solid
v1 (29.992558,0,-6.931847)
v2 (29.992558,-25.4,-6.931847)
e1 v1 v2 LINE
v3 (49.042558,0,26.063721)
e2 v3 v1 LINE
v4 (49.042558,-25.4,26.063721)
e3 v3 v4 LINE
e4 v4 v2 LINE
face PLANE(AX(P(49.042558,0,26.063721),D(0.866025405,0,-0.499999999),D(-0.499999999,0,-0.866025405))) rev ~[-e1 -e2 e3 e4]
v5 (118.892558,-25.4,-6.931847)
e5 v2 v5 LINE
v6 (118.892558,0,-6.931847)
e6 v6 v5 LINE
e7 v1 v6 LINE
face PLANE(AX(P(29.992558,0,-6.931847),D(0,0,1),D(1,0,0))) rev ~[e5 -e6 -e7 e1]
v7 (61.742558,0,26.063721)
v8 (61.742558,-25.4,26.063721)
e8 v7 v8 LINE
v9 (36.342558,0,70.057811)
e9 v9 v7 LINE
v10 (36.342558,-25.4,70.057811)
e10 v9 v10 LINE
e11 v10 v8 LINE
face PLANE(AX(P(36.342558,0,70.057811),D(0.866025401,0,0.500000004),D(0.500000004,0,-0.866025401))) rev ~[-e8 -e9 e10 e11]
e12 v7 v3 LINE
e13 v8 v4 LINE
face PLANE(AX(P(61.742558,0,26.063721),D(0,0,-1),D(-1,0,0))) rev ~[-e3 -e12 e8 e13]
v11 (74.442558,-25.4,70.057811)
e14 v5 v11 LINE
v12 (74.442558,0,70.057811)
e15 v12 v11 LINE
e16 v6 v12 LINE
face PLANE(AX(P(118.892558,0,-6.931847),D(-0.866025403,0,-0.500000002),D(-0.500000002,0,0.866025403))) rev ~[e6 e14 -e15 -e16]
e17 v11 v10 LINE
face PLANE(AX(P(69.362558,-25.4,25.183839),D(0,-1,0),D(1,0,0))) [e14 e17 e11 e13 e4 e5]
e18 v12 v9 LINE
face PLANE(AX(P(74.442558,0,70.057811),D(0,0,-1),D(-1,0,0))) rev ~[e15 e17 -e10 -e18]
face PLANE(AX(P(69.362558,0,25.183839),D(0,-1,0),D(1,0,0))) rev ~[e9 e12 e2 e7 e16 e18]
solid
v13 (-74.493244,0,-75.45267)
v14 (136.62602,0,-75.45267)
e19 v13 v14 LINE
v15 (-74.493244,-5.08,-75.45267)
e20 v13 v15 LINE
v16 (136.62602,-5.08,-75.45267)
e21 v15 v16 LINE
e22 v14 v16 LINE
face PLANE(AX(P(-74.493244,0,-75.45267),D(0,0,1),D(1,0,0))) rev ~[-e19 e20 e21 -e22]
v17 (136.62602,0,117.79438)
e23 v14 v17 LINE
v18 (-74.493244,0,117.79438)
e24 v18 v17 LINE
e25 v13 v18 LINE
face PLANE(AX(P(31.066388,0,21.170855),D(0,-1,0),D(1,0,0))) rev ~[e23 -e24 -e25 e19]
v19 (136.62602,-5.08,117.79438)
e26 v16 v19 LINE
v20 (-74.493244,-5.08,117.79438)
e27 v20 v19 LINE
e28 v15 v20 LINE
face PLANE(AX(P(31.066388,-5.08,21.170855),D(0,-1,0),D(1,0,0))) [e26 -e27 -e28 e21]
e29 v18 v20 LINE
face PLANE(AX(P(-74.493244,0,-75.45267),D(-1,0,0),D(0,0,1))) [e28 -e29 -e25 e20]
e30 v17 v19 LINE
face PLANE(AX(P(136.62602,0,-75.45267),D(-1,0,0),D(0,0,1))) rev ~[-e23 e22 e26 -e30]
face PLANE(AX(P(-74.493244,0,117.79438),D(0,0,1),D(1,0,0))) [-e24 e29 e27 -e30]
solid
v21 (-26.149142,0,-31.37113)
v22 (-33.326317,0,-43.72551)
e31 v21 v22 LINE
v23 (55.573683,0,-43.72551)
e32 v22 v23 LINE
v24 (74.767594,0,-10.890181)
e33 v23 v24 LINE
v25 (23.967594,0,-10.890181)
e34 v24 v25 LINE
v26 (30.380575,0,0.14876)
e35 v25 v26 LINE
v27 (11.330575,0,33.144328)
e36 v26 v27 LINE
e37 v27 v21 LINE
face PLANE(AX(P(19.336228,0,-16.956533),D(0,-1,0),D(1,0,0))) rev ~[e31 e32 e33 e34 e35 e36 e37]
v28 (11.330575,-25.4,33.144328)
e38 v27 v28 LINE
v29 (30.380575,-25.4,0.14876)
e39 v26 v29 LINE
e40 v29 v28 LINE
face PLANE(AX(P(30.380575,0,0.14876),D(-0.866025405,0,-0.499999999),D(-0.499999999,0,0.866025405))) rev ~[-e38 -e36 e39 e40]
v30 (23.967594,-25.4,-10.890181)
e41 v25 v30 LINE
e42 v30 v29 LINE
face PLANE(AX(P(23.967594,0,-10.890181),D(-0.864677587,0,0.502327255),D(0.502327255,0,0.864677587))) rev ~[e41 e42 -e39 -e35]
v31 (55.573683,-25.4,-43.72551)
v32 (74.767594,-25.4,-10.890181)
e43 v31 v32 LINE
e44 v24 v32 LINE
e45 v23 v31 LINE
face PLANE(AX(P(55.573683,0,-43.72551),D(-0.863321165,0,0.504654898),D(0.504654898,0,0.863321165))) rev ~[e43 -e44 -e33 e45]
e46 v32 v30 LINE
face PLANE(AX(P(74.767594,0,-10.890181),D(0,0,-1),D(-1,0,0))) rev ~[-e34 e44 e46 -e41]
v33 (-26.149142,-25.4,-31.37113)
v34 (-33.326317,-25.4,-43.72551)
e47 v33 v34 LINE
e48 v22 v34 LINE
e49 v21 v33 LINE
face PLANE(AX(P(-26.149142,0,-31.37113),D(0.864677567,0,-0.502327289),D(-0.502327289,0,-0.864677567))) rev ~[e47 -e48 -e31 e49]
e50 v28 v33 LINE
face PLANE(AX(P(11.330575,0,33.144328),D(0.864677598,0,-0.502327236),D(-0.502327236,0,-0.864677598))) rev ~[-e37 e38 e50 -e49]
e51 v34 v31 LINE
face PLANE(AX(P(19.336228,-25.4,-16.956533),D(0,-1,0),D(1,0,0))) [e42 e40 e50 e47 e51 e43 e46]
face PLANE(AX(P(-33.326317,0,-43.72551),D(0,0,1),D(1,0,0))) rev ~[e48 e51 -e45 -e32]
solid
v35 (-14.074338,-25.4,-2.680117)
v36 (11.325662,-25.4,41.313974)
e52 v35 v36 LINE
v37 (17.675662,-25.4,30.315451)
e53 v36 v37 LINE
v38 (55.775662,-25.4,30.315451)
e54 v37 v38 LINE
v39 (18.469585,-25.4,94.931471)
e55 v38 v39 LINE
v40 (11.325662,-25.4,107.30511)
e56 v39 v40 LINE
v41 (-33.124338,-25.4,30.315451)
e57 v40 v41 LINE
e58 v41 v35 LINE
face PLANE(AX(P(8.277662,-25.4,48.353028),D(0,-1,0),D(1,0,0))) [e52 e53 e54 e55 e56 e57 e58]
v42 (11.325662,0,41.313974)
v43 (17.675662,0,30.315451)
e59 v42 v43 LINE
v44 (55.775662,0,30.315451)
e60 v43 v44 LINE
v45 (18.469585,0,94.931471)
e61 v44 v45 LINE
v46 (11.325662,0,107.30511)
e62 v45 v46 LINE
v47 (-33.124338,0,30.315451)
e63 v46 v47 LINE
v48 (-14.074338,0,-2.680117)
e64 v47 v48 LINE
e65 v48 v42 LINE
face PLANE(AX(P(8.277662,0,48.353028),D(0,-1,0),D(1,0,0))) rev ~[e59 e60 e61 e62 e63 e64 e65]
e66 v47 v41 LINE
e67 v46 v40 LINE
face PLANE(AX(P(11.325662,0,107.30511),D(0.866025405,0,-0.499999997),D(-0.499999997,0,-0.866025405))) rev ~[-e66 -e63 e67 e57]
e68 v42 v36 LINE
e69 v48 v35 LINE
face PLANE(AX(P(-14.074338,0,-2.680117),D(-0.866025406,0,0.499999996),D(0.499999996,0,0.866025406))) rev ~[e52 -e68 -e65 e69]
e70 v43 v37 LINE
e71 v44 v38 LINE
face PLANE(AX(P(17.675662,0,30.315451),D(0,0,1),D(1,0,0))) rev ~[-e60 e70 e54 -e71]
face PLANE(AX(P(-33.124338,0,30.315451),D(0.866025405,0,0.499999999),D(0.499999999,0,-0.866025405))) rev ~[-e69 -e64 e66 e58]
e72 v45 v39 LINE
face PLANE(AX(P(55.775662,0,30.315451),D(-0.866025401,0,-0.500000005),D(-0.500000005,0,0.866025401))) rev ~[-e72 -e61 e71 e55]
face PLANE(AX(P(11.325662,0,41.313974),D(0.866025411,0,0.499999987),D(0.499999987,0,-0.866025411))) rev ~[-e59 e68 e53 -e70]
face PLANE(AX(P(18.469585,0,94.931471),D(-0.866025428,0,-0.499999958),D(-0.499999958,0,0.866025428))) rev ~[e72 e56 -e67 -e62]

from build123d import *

# Parameters (mm, degrees)
F1_W     = 211.119264
F1_H     = 193.24705
F2_DEPTH = 5.08
F3_DEPTH = 25.4


with BuildPart() as f2:
    # F1 (on Front) → F2 (new body)
    with BuildSketch(Plane.XZ):
        with Locations((31.066388, 21.170855)):
            Rectangle(F1_W, F1_H)
    extrude(amount=F2_DEPTH)


with BuildPart() as f3:
    # F0 (on Front) → F3 (new body)
    with BuildSketch(Plane.XZ):
        Polygon((-26.149142, -31.37113), (-33.326317, -43.72551), (55.573683, -43.72551), (74.767594, -10.890181), (23.967594, -10.890181), (30.380575, 0.14876), (11.330575, 33.144328), align=None)
        Polygon((18.469585, 94.931471), (11.325662, 107.30511), (-33.124338, 30.315451), (-14.074338, -2.680117), (11.325662, 41.313974), (17.675662, 30.315451), (55.775662, 30.315451), align=None)
        Polygon((104.604711, -6.931847), (118.892558, -6.931847), (74.442558, 70.057811), (36.342558, 70.057811), (61.742558, 26.063721), (49.042558, 26.063721), (29.992558, -6.931847), align=None)
    extrude(amount=F3_DEPTH)


solid = Compound([f2.part, f3.part])
